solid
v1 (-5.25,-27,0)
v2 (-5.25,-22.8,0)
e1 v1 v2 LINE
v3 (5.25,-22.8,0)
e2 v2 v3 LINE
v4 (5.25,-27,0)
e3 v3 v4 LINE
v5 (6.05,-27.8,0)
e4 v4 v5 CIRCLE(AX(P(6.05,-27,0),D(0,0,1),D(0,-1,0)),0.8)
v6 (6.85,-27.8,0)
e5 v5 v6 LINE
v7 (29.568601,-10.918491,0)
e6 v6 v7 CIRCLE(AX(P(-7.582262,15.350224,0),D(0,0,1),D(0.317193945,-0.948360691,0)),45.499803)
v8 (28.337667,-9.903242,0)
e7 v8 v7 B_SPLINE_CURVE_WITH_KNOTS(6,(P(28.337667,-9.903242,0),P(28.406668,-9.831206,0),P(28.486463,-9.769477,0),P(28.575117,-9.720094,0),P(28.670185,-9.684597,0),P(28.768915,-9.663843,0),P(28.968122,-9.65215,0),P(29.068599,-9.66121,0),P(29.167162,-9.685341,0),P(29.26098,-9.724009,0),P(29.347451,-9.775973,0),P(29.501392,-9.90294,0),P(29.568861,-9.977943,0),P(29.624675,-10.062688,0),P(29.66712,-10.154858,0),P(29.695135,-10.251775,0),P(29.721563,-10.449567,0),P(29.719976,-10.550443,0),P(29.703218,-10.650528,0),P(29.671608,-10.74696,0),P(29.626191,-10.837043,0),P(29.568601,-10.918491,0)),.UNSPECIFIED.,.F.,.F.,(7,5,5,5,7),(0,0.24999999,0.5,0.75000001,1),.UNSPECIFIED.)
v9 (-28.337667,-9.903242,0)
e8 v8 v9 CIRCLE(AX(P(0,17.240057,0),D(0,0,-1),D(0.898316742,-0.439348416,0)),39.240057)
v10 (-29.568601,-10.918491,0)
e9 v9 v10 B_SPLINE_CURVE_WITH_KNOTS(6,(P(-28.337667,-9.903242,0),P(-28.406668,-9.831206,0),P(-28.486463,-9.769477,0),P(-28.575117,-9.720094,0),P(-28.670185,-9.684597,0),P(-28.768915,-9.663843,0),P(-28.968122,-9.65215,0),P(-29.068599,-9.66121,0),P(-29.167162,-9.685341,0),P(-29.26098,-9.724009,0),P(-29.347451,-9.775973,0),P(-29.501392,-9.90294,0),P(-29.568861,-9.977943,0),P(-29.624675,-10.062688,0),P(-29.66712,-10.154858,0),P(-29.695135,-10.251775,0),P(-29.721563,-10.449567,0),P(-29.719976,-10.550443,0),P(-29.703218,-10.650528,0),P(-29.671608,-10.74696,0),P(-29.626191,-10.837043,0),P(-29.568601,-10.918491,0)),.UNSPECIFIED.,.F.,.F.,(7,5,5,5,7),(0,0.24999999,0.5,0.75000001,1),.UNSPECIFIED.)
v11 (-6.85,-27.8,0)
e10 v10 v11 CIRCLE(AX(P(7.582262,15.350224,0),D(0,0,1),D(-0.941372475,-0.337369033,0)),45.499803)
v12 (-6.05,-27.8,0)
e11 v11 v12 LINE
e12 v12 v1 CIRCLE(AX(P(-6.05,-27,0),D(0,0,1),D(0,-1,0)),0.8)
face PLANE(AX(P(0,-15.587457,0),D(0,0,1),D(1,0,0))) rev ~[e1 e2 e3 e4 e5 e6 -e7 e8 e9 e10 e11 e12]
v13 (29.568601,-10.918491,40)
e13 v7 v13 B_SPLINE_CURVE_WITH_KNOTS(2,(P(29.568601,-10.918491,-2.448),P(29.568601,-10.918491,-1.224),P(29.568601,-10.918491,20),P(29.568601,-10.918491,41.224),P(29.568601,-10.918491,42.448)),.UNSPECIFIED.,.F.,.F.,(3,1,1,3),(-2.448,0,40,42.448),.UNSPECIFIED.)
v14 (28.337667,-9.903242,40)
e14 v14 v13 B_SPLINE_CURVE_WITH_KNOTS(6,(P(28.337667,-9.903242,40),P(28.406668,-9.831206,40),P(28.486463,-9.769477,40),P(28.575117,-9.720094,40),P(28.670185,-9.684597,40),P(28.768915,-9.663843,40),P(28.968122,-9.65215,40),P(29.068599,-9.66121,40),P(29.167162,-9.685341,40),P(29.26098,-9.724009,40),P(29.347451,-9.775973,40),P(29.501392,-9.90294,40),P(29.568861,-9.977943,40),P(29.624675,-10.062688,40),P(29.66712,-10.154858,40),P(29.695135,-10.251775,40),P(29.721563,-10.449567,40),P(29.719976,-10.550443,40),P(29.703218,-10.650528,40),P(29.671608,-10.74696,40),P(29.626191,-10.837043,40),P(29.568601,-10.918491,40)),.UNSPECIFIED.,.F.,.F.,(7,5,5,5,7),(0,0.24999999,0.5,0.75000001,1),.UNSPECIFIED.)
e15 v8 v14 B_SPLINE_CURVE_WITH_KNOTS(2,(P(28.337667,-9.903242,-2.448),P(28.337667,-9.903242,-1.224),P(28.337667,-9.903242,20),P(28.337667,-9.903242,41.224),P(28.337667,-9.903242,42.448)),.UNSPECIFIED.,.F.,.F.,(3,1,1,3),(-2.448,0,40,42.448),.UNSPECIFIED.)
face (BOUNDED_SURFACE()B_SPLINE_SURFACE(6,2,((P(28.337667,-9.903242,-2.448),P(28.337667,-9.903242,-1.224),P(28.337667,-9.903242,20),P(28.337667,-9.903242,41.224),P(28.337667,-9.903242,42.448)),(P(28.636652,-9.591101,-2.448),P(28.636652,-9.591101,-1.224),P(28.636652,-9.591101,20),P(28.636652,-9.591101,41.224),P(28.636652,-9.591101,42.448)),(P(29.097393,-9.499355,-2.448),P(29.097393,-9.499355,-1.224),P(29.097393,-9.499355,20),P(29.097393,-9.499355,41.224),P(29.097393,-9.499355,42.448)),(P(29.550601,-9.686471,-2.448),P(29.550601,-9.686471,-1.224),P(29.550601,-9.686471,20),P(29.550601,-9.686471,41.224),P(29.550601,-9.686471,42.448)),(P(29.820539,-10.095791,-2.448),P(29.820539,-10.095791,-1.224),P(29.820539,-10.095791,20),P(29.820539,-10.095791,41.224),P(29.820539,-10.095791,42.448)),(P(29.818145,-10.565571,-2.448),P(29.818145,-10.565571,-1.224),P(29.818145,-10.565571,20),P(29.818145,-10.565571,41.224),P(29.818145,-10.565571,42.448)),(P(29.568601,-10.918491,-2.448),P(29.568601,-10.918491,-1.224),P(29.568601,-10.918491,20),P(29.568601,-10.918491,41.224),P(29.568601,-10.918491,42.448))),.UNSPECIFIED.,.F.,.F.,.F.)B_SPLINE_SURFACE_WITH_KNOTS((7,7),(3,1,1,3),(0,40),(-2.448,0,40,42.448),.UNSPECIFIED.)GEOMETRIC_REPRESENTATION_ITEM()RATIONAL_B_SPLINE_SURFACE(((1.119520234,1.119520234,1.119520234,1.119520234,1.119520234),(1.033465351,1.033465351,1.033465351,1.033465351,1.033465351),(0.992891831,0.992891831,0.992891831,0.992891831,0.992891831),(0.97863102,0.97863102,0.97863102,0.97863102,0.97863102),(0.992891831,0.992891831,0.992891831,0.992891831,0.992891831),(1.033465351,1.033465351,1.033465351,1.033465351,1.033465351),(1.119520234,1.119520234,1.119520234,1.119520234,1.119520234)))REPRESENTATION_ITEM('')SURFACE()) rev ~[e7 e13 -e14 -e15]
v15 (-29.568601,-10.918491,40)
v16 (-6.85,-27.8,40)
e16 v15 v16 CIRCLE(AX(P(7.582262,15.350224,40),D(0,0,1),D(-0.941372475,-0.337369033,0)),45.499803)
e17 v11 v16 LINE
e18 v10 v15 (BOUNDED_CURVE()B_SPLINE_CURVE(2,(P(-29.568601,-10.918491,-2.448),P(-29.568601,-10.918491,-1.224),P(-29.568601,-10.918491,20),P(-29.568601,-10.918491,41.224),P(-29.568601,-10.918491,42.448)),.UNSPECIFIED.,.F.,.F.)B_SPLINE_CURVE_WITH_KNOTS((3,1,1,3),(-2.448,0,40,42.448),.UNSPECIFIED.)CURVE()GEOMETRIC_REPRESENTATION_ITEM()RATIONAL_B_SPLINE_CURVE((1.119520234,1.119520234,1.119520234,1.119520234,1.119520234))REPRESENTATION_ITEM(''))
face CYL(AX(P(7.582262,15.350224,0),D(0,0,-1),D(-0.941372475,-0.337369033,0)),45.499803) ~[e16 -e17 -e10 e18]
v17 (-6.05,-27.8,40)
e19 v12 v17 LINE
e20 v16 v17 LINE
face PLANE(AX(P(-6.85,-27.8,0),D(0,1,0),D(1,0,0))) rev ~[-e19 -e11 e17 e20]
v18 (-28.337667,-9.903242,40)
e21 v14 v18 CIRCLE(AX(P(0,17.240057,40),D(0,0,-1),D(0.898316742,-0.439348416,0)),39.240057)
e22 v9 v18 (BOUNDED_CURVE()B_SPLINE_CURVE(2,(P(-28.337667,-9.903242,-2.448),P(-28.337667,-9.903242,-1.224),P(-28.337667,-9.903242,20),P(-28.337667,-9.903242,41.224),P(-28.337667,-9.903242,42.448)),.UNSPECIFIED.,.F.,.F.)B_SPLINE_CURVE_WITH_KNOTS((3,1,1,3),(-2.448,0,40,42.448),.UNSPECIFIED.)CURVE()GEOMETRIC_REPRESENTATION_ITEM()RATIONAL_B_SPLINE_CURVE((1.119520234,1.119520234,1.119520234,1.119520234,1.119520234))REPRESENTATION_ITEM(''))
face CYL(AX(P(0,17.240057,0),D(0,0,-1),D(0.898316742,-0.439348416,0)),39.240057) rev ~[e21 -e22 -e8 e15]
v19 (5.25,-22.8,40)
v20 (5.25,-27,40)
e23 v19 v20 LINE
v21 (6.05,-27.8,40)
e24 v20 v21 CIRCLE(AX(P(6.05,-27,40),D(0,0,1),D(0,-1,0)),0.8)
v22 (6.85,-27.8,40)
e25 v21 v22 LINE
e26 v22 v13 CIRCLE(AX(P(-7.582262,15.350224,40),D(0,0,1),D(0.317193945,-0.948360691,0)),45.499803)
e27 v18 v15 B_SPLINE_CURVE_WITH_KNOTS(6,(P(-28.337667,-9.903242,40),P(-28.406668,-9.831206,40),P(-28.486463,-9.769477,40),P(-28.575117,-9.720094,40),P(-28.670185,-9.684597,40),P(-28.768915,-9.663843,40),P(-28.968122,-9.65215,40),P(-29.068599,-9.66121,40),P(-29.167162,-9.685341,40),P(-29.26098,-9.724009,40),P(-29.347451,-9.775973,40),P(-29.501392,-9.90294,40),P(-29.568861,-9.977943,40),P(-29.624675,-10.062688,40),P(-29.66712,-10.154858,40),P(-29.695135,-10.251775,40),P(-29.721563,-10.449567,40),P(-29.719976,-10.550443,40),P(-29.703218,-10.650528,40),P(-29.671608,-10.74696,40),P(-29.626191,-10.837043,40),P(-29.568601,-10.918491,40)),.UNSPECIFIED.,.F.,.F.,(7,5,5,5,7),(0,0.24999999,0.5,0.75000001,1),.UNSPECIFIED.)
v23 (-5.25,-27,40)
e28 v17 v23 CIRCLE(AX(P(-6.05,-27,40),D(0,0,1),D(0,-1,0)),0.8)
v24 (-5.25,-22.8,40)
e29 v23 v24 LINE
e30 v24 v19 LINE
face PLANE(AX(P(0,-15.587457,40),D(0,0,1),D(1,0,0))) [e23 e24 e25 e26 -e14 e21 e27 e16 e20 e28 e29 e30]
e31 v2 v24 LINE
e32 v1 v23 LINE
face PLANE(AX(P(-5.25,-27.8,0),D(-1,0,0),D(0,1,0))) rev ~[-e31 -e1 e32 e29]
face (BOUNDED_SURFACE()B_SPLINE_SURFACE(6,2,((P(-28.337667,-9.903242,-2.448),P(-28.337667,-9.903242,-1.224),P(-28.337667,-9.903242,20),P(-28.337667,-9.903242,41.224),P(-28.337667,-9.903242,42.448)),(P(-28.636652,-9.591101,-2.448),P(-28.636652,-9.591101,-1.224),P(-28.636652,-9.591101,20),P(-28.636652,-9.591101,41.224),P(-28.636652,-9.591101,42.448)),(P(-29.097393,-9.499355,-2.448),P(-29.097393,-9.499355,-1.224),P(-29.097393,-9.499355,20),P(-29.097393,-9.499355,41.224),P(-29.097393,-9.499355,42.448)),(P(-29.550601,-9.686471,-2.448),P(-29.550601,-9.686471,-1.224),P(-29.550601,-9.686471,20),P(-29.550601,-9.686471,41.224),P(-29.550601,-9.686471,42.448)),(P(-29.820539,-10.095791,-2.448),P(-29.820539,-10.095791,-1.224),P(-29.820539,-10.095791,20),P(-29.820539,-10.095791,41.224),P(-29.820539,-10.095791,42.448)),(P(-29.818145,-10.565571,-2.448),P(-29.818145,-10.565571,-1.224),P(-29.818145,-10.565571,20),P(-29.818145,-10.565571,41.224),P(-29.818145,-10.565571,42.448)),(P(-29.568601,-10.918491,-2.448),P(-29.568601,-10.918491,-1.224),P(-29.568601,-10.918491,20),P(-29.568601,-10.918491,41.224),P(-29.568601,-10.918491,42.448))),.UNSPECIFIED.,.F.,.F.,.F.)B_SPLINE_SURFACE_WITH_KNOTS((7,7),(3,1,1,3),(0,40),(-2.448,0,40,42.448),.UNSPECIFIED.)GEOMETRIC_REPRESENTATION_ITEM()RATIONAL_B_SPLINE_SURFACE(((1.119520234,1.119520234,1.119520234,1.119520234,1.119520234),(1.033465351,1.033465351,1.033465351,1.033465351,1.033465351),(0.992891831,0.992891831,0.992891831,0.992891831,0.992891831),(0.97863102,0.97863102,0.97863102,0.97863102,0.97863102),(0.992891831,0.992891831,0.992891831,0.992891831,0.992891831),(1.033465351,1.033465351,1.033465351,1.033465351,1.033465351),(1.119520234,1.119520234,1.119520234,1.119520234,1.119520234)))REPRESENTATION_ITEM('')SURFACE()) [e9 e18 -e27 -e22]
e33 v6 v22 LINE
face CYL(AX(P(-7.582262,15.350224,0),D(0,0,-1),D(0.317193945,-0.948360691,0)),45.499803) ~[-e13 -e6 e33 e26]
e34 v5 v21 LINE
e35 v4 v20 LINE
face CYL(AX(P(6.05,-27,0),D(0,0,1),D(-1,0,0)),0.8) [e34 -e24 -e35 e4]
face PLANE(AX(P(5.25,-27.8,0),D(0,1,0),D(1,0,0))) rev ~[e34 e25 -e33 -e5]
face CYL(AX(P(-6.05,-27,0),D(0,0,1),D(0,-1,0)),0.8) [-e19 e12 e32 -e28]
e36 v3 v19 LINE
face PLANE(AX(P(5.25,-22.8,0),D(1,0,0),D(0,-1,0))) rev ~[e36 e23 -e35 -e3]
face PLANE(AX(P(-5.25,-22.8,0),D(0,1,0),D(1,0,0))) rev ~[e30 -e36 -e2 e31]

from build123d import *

# Parameters (mm, degrees)
F1_DEPTH = 40
F2_R     = 0.8


with BuildPart() as f1:
    # F0 (on Top) → F1 (new body)
    with BuildSketch(Plane.XY):
        with BuildLine():
            ThreePointArc((35.25, 0), (0, -22), (-35.25, 0))
            ThreePointArc((-35.25, 0), (-24.245657, -17.164628), (-6.85, -27.8))
            Line((-6.85, -27.8), (-5.25, -27.8))
            Line((-5.25, -27.8), (-5.25, -22.8))
            Line((-5.25, -22.8), (5.25, -22.8))
            Line((5.25, -22.8), (5.25, -27.8))
            Line((5.25, -27.8), (6.85, -27.8))
            ThreePointArc((6.85, -27.8), (24.245657, -17.164628), (35.25, 0))
        make_face()
    extrude(amount=F1_DEPTH)

    # F2
    f2_edges = [f1.edges().sort_by_distance(p)[0] for p in [
        (-35.25, 0, 20),
        (35.25, 0, 20),
        (-5.25, -27.8, 20),
        (5.25, -27.8, 20),
    ]]
    fillet(f2_edges, radius=F2_R)


solid = f1.part
